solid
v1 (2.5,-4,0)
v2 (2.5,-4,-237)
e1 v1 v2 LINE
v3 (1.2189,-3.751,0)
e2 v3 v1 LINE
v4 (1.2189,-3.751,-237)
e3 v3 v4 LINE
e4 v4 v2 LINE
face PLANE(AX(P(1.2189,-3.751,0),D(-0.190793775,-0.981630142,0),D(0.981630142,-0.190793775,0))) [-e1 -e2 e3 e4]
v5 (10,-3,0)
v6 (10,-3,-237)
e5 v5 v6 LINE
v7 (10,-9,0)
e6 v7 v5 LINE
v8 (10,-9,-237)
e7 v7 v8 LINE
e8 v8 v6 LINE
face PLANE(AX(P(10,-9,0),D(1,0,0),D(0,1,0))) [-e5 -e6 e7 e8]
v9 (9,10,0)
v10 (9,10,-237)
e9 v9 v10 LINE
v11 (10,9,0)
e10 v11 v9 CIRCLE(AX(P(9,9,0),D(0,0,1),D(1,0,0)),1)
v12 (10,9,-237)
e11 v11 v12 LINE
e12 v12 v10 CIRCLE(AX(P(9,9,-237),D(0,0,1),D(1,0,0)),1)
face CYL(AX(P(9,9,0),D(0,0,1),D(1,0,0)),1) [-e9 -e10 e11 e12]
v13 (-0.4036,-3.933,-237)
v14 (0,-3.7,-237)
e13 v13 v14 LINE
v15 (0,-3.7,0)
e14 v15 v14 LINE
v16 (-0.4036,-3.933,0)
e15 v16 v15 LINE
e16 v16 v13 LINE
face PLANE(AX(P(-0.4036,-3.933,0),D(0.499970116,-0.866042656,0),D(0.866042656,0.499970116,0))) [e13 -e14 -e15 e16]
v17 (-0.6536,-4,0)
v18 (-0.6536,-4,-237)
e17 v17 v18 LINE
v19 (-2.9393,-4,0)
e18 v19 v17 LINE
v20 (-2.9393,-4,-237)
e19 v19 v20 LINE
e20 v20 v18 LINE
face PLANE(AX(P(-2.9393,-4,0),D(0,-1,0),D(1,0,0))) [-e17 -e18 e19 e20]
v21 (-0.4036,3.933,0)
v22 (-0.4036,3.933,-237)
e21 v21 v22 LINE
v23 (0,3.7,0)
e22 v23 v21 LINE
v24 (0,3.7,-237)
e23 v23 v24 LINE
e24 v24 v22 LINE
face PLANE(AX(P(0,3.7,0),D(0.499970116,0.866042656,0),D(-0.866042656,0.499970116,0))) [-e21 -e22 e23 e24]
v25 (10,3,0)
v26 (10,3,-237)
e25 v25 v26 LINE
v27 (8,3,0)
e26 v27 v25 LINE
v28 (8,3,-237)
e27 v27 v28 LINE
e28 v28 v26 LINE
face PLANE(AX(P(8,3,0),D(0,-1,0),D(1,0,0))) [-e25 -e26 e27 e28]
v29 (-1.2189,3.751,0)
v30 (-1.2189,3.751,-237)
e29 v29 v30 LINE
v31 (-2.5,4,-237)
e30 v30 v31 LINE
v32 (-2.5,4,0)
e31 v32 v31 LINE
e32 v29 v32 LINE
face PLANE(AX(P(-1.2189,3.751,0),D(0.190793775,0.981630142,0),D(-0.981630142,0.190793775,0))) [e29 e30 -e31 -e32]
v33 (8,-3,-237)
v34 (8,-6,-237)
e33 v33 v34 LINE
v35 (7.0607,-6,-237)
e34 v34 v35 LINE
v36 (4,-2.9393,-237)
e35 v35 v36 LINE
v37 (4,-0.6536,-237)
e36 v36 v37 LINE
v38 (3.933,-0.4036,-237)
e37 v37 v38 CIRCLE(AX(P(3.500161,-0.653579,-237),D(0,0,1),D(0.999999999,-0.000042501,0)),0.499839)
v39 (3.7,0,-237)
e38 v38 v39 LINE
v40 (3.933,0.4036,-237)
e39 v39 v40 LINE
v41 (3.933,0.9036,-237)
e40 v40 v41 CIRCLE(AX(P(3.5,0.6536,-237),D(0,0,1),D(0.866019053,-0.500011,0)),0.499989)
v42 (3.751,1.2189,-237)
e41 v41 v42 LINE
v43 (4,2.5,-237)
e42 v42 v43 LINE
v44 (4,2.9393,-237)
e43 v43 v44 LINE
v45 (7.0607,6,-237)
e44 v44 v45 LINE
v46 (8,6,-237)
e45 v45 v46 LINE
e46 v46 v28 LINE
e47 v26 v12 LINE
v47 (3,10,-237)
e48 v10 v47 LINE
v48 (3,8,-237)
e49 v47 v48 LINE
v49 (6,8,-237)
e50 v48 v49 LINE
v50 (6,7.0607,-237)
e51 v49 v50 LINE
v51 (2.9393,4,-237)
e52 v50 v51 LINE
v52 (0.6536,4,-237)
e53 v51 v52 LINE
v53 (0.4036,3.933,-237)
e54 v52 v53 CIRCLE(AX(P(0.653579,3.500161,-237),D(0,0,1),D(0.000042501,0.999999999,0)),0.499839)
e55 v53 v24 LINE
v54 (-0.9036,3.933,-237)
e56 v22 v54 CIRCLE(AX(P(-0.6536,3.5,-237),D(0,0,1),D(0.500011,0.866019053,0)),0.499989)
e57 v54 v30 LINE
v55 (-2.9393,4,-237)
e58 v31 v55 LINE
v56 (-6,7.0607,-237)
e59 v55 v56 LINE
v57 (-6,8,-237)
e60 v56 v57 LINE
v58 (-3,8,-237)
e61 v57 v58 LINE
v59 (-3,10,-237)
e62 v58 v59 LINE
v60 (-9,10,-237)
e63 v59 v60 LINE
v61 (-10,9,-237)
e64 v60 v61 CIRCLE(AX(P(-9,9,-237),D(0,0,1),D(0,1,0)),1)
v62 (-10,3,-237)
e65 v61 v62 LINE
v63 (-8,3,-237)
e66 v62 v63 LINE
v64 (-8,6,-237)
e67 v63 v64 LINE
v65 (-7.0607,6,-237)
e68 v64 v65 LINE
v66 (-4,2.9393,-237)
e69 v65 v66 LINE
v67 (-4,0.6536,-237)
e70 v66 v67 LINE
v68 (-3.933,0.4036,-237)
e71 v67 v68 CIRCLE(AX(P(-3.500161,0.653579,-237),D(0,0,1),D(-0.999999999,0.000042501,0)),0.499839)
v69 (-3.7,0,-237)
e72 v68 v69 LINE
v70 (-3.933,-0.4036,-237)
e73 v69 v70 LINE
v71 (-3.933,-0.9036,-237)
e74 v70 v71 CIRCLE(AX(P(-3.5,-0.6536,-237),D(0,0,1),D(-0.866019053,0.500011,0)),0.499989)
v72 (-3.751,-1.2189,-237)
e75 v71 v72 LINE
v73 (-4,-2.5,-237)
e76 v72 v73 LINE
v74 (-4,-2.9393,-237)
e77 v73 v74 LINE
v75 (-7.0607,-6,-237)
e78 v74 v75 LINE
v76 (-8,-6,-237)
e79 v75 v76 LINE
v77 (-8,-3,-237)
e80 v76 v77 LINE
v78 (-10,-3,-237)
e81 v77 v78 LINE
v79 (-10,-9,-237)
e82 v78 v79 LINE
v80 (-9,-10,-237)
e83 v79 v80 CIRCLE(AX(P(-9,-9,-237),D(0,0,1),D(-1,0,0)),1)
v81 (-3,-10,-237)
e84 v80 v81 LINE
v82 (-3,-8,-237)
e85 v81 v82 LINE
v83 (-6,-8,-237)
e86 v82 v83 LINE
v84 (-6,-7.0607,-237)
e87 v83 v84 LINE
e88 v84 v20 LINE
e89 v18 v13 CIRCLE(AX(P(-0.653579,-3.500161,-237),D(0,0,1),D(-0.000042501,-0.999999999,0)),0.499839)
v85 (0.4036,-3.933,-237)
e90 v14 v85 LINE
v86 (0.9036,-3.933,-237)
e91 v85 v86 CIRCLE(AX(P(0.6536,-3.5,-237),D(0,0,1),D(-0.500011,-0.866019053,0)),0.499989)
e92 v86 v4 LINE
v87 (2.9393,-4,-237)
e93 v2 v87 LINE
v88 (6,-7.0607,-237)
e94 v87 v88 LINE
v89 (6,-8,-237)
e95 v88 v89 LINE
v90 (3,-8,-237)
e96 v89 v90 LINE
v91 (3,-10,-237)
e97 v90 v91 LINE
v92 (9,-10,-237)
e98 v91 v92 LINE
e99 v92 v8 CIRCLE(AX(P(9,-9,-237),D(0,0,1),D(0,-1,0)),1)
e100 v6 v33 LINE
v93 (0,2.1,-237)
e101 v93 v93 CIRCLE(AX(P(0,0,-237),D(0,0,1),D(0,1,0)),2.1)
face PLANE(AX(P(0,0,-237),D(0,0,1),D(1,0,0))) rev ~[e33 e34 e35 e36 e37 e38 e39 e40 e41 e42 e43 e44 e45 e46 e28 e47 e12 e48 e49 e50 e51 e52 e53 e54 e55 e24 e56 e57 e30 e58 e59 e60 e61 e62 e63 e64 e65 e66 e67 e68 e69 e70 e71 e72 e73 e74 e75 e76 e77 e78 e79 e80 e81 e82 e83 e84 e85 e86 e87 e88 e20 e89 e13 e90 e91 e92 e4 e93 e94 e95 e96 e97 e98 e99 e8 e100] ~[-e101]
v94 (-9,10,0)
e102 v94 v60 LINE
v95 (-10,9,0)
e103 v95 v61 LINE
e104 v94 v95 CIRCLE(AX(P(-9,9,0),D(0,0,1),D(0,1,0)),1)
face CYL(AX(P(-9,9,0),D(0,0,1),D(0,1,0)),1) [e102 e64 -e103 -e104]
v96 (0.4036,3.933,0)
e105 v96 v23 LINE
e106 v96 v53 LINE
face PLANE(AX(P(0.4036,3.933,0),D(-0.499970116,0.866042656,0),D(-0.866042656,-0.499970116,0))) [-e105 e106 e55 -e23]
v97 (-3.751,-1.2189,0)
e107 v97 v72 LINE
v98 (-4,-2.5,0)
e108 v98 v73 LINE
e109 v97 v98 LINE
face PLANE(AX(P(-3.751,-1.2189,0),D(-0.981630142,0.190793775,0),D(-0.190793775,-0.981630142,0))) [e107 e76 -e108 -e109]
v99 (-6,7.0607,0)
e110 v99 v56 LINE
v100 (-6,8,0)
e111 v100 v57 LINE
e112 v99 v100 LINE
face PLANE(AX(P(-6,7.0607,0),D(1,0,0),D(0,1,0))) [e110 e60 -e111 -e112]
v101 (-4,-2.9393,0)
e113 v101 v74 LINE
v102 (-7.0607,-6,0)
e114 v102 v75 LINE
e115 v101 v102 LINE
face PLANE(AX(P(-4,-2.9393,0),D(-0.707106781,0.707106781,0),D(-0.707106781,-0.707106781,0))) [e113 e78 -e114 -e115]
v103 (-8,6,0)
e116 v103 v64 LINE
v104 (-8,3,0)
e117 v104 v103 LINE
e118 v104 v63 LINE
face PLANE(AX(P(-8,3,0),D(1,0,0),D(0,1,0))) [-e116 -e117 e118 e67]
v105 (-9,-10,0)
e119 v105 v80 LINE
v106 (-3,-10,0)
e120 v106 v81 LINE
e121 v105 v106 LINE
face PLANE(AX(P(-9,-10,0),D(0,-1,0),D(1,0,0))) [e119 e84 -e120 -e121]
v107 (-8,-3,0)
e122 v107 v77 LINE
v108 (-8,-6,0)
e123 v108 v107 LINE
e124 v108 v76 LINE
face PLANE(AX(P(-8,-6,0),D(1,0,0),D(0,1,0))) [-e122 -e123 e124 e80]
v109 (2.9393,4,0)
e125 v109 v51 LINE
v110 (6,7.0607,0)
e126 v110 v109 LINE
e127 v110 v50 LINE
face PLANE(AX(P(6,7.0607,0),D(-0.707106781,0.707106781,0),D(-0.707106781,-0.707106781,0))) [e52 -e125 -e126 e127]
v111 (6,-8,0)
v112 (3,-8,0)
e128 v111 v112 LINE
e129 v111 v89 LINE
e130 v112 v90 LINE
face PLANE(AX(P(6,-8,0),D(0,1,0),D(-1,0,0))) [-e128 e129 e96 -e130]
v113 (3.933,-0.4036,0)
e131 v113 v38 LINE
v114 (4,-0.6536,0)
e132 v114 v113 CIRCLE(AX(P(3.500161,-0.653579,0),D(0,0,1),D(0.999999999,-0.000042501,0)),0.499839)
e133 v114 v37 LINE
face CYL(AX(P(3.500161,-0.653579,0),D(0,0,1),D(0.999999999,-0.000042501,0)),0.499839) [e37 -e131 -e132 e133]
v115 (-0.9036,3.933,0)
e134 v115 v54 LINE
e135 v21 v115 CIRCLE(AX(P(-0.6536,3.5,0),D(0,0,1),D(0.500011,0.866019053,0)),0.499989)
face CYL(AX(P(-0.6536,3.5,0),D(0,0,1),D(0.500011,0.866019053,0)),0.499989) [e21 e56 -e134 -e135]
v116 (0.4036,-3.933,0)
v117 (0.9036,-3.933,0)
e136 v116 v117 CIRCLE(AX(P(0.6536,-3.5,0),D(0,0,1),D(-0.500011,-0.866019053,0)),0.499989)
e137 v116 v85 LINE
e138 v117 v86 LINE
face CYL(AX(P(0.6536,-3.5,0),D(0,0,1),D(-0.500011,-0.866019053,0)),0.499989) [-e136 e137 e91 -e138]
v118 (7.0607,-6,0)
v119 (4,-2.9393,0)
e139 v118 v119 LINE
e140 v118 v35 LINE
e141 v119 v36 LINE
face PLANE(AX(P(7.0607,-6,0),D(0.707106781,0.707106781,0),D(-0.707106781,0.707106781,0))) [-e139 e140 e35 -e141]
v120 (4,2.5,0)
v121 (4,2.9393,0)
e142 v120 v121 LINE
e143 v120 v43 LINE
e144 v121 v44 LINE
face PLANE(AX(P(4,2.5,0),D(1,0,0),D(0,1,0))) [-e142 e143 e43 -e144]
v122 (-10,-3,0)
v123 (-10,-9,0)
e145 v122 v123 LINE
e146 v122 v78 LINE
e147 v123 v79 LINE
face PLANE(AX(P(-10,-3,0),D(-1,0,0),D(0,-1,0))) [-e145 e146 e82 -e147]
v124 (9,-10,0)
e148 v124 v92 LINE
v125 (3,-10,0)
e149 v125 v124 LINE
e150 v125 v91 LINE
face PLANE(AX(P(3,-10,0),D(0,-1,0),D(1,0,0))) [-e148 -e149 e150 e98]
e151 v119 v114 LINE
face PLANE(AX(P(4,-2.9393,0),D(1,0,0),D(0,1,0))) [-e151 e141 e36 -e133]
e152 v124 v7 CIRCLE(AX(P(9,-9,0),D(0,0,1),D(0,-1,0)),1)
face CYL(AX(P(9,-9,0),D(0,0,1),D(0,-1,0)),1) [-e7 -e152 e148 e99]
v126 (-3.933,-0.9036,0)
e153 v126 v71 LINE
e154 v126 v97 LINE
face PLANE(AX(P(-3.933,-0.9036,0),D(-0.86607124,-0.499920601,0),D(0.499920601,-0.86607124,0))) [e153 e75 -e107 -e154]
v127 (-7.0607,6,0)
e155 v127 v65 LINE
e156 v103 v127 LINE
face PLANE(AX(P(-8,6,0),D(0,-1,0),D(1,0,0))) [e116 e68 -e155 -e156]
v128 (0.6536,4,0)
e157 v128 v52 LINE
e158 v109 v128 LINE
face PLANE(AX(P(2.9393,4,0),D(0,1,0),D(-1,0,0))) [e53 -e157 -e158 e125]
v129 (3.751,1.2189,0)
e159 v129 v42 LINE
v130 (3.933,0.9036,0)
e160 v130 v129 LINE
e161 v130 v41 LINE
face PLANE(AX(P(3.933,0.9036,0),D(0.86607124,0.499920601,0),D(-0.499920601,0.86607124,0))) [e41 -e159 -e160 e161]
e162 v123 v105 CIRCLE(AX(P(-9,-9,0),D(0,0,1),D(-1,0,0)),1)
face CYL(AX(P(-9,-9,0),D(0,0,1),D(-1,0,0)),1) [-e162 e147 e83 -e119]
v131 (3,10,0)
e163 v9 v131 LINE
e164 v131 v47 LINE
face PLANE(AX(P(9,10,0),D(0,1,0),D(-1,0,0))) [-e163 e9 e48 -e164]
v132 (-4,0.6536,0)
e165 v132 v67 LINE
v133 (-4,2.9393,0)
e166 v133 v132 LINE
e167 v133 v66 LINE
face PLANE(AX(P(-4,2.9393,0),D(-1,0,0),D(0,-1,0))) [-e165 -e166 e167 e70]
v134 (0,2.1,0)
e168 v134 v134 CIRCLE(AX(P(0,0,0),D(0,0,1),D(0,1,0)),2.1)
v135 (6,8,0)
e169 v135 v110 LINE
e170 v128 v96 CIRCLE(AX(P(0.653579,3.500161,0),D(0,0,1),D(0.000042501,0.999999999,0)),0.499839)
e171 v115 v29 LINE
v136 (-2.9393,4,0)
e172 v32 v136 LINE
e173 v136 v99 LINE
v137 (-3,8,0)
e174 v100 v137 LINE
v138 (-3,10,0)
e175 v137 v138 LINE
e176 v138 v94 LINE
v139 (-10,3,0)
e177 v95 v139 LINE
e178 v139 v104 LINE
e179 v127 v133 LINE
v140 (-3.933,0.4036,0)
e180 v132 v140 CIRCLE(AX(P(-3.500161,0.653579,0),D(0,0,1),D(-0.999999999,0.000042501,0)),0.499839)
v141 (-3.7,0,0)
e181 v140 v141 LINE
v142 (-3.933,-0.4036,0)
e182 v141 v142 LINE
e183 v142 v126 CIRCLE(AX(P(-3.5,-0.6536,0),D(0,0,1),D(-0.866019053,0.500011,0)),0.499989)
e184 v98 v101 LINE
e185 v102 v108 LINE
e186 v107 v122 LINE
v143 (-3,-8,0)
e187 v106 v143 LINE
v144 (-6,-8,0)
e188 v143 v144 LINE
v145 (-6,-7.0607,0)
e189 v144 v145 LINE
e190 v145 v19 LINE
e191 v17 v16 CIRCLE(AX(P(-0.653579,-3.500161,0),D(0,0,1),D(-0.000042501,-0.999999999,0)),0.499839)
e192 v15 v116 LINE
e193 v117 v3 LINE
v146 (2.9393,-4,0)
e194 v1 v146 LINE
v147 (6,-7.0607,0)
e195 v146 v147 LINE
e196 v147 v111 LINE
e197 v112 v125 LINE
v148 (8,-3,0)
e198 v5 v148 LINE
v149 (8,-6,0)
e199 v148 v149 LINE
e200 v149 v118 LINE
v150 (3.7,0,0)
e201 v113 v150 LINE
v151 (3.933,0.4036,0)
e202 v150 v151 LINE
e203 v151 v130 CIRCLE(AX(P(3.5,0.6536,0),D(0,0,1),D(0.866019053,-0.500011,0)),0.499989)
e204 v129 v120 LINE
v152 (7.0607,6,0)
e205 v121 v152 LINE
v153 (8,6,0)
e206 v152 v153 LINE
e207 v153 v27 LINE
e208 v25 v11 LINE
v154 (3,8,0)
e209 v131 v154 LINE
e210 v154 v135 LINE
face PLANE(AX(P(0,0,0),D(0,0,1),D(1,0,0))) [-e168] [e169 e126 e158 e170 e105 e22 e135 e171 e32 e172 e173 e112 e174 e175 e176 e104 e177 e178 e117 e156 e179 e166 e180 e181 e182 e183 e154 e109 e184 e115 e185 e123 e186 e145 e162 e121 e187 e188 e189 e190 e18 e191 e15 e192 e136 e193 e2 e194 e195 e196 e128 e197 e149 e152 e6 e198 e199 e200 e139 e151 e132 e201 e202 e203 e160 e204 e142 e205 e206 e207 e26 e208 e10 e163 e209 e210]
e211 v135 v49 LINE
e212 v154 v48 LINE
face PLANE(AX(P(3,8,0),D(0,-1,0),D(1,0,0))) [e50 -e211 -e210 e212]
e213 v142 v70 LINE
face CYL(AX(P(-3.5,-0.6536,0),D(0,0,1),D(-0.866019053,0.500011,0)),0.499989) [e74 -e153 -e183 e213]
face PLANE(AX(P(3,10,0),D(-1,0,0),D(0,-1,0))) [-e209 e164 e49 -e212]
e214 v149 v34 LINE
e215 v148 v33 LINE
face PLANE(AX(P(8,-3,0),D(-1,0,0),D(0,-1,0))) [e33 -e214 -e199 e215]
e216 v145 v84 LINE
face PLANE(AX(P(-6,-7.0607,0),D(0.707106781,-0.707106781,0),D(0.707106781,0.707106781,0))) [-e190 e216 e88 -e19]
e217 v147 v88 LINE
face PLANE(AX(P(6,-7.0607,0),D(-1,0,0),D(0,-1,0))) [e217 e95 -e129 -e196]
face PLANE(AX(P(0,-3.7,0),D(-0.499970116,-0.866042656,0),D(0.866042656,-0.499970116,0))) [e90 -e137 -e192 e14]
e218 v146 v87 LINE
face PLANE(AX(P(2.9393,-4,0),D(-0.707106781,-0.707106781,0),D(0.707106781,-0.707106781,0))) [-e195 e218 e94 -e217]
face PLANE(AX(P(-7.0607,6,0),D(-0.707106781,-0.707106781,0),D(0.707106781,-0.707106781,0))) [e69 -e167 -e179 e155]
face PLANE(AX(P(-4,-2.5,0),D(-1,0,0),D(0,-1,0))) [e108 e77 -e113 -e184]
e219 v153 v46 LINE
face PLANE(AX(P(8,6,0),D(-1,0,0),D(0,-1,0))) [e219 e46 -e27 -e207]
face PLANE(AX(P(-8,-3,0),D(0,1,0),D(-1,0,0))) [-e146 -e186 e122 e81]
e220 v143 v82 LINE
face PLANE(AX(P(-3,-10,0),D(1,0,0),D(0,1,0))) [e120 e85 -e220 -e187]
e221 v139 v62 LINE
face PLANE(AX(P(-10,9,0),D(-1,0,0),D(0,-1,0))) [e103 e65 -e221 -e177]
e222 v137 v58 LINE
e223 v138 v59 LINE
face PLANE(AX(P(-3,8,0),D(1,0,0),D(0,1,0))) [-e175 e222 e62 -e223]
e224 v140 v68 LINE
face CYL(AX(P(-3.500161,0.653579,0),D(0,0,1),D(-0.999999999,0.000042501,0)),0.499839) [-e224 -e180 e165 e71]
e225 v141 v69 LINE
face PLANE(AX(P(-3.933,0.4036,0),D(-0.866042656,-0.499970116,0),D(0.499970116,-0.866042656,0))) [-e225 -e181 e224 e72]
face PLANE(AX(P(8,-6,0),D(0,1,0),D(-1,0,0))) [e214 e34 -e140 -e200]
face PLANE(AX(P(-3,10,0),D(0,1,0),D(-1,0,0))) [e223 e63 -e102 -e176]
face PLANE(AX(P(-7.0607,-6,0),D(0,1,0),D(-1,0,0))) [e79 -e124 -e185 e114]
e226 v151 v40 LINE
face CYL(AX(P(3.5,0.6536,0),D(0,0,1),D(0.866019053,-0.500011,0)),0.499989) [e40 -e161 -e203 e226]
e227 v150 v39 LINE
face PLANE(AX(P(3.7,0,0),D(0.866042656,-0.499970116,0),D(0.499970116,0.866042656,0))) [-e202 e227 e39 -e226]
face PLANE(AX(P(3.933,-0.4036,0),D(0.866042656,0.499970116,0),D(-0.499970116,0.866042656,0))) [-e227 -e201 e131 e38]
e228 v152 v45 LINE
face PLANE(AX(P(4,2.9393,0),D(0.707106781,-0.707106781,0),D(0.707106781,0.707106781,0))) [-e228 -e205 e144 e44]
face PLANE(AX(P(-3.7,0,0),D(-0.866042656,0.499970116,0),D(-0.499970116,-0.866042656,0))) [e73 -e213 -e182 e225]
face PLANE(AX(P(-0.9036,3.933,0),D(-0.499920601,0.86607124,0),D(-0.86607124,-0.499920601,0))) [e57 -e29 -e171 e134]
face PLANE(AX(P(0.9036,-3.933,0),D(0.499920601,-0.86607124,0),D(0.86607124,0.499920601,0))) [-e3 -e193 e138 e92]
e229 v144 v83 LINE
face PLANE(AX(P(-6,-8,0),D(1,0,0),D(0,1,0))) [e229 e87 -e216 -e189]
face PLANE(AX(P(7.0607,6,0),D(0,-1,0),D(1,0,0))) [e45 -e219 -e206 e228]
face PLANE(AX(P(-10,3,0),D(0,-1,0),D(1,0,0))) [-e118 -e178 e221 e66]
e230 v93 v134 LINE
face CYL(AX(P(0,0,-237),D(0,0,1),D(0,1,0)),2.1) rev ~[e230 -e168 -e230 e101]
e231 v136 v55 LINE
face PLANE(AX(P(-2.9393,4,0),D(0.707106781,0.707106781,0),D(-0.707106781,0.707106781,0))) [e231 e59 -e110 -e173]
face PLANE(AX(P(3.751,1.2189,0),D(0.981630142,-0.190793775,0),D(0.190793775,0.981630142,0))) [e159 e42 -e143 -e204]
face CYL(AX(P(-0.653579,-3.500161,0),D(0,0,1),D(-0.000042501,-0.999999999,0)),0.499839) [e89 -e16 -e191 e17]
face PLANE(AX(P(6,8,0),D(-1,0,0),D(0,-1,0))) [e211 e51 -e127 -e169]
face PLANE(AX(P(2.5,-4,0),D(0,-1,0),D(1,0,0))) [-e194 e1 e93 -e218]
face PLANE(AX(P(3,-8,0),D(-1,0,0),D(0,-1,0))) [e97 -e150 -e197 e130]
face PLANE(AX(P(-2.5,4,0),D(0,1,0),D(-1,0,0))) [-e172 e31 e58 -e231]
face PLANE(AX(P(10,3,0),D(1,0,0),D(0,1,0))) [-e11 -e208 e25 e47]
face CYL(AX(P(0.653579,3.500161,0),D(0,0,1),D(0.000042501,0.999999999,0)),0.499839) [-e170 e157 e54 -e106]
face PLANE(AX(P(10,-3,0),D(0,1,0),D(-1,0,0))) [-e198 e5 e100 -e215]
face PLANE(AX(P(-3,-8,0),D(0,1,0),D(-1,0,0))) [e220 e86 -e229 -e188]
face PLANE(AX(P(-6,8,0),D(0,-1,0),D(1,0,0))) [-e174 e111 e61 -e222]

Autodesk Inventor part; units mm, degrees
sketch "Sketch_75" plane through (0, 0, 0) normal (0, 0, 1) x (1, 0, 0)
  line L0 (-10, -3) -> (-10, -9)
  arc A0 (-10, -9) -> (-9, -10) centre (-9, -9) ccw
  line L1 (-9, -10) -> (-3, -10)
  line L2 (-3, -10) -> (-3, -8)
  line L3 (-3, -8) -> (-6, -8)
  line L4 (-6, -8) -> (-6, -7.0607)
  line L5 (-6, -7.0607) -> (-2.9393, -4)
  line L6 (-2.9393, -4) -> (-0.6536, -4)
  arc A1 (-0.6536, -4) -> (-0.4036, -3.933) centre (-0.6536, -3.5) ccw
  line L7 (-0.4036, -3.933) -> (0, -3.7)
  line L8 (0, -3.7) -> (0.4036, -3.933)
  arc A2 (0.4036, -3.933) -> (0.9036, -3.933) centre (0.6536, -3.5) ccw
  line L9 (0.9036, -3.933) -> (1.2189, -3.751)
  line L10 (1.2189, -3.751) -> (2.5, -4)
  line L11 (2.5, -4) -> (2.9393, -4)
  line L12 (2.9393, -4) -> (6, -7.0607)
  line L13 (6, -7.0607) -> (6, -8)
  line L14 (6, -8) -> (3, -8)
  line L15 (3, -8) -> (3, -10)
  line L16 (3, -10) -> (9, -10)
  arc A3 (9, -10) -> (10, -9) centre (9, -9) ccw
  line L17 (10, -9) -> (10, -3)
  line L18 (10, -3) -> (8, -3)
  line L19 (8, -3) -> (8, -6)
  line L20 (8, -6) -> (7.0607, -6)
  line L21 (7.0607, -6) -> (4, -2.9393)
  line L22 (4, -2.9393) -> (4, -0.6536)
  arc A4 (4, -0.6536) -> (3.933, -0.4036) centre (3.5, -0.6536) ccw
  line L23 (3.933, -0.4036) -> (3.7, 0)
  line L24 (3.7, 0) -> (3.933, 0.4036)
  arc A5 (3.933, 0.4036) -> (3.933, 0.9036) centre (3.5, 0.6536) ccw
  line L25 (3.933, 0.9036) -> (3.751, 1.2189)
  line L26 (3.751, 1.2189) -> (4, 2.5)
  line L27 (4, 2.5) -> (4, 2.9393)
  line L28 (4, 2.9393) -> (7.0607, 6)
  line L29 (7.0607, 6) -> (8, 6)
  line L30 (8, 6) -> (8, 3)
  line L31 (8, 3) -> (10, 3)
  line L32 (10, 3) -> (10, 9)
  arc A6 (10, 9) -> (9, 10) centre (9, 9) ccw
  line L33 (9, 10) -> (3, 10)
  line L34 (3, 10) -> (3, 8)
  line L35 (3, 8) -> (6, 8)
  line L36 (6, 8) -> (6, 7.0607)
  line L37 (6, 7.0607) -> (2.9393, 4)
  line L38 (2.9393, 4) -> (0.6536, 4)
  arc A7 (0.6536, 4) -> (0.4036, 3.933) centre (0.6536, 3.5) ccw
  line L39 (0.4036, 3.933) -> (0, 3.7)
  line L40 (0, 3.7) -> (-0.4036, 3.933)
  arc A8 (-0.4036, 3.933) -> (-0.9036, 3.933) centre (-0.6536, 3.5) ccw
  line L41 (-0.9036, 3.933) -> (-1.2189, 3.751)
  line L42 (-1.2189, 3.751) -> (-2.5, 4)
  line L43 (-2.5, 4) -> (-2.9393, 4)
  line L44 (-2.9393, 4) -> (-6, 7.0607)
  line L45 (-6, 7.0607) -> (-6, 8)
  line L46 (-6, 8) -> (-3, 8)
  line L47 (-3, 8) -> (-3, 10)
  line L48 (-3, 10) -> (-9, 10)
  arc A9 (-9, 10) -> (-10, 9) centre (-9, 9) ccw
  line L49 (-10, 9) -> (-10, 3)
  line L50 (-10, 3) -> (-8, 3)
  line L51 (-8, 3) -> (-8, 6)
  line L52 (-8, 6) -> (-7.0607, 6)
  line L53 (-7.0607, 6) -> (-4, 2.9393)
  line L54 (-4, 2.9393) -> (-4, 0.6536)
  arc A10 (-4, 0.6536) -> (-3.933, 0.4036) centre (-3.5, 0.6536) ccw
  line L55 (-3.933, 0.4036) -> (-3.7, 0)
  line L56 (-3.7, 0) -> (-3.933, -0.4036)
  arc A11 (-3.933, -0.4036) -> (-3.933, -0.9036) centre (-3.5, -0.6536) ccw
  line L57 (-3.933, -0.9036) -> (-3.751, -1.2189)
  line L58 (-3.751, -1.2189) -> (-4, -2.5)
  line L59 (-4, -2.5) -> (-4, -2.9393)
  line L60 (-4, -2.9393) -> (-7.0607, -6)
  line L61 (-7.0607, -6) -> (-8, -6)
  line L62 (-8, -6) -> (-8, -3)
  line L63 (-8, -3) -> (-10, -3)
extrude "Extrusion1" add sketch "Sketch_75" against normal blind 237
sketch "Sketch2" plane through (0, 0, -237) normal (0, 0, -1) x (-1, 0, 0)
  point P0 (0, 0)
hole "Hole1" at (0, 0, -237) direction (0, 0, 1) diameter 4.2 depth 237
ref_plane "C1_XY" through (0, 0, 0) normal (0, 0, 1) x (1, 0, 0)
ref_plane "C1_YZ" through (0, 0, 0) normal (1, 0, 0) x (0, 1, 0)
ref_plane "C1_ZX" through (0, 0, 0) normal (0, 1, 0) x (0, 0, 1)
properties part number "NFS5-2020-237"
